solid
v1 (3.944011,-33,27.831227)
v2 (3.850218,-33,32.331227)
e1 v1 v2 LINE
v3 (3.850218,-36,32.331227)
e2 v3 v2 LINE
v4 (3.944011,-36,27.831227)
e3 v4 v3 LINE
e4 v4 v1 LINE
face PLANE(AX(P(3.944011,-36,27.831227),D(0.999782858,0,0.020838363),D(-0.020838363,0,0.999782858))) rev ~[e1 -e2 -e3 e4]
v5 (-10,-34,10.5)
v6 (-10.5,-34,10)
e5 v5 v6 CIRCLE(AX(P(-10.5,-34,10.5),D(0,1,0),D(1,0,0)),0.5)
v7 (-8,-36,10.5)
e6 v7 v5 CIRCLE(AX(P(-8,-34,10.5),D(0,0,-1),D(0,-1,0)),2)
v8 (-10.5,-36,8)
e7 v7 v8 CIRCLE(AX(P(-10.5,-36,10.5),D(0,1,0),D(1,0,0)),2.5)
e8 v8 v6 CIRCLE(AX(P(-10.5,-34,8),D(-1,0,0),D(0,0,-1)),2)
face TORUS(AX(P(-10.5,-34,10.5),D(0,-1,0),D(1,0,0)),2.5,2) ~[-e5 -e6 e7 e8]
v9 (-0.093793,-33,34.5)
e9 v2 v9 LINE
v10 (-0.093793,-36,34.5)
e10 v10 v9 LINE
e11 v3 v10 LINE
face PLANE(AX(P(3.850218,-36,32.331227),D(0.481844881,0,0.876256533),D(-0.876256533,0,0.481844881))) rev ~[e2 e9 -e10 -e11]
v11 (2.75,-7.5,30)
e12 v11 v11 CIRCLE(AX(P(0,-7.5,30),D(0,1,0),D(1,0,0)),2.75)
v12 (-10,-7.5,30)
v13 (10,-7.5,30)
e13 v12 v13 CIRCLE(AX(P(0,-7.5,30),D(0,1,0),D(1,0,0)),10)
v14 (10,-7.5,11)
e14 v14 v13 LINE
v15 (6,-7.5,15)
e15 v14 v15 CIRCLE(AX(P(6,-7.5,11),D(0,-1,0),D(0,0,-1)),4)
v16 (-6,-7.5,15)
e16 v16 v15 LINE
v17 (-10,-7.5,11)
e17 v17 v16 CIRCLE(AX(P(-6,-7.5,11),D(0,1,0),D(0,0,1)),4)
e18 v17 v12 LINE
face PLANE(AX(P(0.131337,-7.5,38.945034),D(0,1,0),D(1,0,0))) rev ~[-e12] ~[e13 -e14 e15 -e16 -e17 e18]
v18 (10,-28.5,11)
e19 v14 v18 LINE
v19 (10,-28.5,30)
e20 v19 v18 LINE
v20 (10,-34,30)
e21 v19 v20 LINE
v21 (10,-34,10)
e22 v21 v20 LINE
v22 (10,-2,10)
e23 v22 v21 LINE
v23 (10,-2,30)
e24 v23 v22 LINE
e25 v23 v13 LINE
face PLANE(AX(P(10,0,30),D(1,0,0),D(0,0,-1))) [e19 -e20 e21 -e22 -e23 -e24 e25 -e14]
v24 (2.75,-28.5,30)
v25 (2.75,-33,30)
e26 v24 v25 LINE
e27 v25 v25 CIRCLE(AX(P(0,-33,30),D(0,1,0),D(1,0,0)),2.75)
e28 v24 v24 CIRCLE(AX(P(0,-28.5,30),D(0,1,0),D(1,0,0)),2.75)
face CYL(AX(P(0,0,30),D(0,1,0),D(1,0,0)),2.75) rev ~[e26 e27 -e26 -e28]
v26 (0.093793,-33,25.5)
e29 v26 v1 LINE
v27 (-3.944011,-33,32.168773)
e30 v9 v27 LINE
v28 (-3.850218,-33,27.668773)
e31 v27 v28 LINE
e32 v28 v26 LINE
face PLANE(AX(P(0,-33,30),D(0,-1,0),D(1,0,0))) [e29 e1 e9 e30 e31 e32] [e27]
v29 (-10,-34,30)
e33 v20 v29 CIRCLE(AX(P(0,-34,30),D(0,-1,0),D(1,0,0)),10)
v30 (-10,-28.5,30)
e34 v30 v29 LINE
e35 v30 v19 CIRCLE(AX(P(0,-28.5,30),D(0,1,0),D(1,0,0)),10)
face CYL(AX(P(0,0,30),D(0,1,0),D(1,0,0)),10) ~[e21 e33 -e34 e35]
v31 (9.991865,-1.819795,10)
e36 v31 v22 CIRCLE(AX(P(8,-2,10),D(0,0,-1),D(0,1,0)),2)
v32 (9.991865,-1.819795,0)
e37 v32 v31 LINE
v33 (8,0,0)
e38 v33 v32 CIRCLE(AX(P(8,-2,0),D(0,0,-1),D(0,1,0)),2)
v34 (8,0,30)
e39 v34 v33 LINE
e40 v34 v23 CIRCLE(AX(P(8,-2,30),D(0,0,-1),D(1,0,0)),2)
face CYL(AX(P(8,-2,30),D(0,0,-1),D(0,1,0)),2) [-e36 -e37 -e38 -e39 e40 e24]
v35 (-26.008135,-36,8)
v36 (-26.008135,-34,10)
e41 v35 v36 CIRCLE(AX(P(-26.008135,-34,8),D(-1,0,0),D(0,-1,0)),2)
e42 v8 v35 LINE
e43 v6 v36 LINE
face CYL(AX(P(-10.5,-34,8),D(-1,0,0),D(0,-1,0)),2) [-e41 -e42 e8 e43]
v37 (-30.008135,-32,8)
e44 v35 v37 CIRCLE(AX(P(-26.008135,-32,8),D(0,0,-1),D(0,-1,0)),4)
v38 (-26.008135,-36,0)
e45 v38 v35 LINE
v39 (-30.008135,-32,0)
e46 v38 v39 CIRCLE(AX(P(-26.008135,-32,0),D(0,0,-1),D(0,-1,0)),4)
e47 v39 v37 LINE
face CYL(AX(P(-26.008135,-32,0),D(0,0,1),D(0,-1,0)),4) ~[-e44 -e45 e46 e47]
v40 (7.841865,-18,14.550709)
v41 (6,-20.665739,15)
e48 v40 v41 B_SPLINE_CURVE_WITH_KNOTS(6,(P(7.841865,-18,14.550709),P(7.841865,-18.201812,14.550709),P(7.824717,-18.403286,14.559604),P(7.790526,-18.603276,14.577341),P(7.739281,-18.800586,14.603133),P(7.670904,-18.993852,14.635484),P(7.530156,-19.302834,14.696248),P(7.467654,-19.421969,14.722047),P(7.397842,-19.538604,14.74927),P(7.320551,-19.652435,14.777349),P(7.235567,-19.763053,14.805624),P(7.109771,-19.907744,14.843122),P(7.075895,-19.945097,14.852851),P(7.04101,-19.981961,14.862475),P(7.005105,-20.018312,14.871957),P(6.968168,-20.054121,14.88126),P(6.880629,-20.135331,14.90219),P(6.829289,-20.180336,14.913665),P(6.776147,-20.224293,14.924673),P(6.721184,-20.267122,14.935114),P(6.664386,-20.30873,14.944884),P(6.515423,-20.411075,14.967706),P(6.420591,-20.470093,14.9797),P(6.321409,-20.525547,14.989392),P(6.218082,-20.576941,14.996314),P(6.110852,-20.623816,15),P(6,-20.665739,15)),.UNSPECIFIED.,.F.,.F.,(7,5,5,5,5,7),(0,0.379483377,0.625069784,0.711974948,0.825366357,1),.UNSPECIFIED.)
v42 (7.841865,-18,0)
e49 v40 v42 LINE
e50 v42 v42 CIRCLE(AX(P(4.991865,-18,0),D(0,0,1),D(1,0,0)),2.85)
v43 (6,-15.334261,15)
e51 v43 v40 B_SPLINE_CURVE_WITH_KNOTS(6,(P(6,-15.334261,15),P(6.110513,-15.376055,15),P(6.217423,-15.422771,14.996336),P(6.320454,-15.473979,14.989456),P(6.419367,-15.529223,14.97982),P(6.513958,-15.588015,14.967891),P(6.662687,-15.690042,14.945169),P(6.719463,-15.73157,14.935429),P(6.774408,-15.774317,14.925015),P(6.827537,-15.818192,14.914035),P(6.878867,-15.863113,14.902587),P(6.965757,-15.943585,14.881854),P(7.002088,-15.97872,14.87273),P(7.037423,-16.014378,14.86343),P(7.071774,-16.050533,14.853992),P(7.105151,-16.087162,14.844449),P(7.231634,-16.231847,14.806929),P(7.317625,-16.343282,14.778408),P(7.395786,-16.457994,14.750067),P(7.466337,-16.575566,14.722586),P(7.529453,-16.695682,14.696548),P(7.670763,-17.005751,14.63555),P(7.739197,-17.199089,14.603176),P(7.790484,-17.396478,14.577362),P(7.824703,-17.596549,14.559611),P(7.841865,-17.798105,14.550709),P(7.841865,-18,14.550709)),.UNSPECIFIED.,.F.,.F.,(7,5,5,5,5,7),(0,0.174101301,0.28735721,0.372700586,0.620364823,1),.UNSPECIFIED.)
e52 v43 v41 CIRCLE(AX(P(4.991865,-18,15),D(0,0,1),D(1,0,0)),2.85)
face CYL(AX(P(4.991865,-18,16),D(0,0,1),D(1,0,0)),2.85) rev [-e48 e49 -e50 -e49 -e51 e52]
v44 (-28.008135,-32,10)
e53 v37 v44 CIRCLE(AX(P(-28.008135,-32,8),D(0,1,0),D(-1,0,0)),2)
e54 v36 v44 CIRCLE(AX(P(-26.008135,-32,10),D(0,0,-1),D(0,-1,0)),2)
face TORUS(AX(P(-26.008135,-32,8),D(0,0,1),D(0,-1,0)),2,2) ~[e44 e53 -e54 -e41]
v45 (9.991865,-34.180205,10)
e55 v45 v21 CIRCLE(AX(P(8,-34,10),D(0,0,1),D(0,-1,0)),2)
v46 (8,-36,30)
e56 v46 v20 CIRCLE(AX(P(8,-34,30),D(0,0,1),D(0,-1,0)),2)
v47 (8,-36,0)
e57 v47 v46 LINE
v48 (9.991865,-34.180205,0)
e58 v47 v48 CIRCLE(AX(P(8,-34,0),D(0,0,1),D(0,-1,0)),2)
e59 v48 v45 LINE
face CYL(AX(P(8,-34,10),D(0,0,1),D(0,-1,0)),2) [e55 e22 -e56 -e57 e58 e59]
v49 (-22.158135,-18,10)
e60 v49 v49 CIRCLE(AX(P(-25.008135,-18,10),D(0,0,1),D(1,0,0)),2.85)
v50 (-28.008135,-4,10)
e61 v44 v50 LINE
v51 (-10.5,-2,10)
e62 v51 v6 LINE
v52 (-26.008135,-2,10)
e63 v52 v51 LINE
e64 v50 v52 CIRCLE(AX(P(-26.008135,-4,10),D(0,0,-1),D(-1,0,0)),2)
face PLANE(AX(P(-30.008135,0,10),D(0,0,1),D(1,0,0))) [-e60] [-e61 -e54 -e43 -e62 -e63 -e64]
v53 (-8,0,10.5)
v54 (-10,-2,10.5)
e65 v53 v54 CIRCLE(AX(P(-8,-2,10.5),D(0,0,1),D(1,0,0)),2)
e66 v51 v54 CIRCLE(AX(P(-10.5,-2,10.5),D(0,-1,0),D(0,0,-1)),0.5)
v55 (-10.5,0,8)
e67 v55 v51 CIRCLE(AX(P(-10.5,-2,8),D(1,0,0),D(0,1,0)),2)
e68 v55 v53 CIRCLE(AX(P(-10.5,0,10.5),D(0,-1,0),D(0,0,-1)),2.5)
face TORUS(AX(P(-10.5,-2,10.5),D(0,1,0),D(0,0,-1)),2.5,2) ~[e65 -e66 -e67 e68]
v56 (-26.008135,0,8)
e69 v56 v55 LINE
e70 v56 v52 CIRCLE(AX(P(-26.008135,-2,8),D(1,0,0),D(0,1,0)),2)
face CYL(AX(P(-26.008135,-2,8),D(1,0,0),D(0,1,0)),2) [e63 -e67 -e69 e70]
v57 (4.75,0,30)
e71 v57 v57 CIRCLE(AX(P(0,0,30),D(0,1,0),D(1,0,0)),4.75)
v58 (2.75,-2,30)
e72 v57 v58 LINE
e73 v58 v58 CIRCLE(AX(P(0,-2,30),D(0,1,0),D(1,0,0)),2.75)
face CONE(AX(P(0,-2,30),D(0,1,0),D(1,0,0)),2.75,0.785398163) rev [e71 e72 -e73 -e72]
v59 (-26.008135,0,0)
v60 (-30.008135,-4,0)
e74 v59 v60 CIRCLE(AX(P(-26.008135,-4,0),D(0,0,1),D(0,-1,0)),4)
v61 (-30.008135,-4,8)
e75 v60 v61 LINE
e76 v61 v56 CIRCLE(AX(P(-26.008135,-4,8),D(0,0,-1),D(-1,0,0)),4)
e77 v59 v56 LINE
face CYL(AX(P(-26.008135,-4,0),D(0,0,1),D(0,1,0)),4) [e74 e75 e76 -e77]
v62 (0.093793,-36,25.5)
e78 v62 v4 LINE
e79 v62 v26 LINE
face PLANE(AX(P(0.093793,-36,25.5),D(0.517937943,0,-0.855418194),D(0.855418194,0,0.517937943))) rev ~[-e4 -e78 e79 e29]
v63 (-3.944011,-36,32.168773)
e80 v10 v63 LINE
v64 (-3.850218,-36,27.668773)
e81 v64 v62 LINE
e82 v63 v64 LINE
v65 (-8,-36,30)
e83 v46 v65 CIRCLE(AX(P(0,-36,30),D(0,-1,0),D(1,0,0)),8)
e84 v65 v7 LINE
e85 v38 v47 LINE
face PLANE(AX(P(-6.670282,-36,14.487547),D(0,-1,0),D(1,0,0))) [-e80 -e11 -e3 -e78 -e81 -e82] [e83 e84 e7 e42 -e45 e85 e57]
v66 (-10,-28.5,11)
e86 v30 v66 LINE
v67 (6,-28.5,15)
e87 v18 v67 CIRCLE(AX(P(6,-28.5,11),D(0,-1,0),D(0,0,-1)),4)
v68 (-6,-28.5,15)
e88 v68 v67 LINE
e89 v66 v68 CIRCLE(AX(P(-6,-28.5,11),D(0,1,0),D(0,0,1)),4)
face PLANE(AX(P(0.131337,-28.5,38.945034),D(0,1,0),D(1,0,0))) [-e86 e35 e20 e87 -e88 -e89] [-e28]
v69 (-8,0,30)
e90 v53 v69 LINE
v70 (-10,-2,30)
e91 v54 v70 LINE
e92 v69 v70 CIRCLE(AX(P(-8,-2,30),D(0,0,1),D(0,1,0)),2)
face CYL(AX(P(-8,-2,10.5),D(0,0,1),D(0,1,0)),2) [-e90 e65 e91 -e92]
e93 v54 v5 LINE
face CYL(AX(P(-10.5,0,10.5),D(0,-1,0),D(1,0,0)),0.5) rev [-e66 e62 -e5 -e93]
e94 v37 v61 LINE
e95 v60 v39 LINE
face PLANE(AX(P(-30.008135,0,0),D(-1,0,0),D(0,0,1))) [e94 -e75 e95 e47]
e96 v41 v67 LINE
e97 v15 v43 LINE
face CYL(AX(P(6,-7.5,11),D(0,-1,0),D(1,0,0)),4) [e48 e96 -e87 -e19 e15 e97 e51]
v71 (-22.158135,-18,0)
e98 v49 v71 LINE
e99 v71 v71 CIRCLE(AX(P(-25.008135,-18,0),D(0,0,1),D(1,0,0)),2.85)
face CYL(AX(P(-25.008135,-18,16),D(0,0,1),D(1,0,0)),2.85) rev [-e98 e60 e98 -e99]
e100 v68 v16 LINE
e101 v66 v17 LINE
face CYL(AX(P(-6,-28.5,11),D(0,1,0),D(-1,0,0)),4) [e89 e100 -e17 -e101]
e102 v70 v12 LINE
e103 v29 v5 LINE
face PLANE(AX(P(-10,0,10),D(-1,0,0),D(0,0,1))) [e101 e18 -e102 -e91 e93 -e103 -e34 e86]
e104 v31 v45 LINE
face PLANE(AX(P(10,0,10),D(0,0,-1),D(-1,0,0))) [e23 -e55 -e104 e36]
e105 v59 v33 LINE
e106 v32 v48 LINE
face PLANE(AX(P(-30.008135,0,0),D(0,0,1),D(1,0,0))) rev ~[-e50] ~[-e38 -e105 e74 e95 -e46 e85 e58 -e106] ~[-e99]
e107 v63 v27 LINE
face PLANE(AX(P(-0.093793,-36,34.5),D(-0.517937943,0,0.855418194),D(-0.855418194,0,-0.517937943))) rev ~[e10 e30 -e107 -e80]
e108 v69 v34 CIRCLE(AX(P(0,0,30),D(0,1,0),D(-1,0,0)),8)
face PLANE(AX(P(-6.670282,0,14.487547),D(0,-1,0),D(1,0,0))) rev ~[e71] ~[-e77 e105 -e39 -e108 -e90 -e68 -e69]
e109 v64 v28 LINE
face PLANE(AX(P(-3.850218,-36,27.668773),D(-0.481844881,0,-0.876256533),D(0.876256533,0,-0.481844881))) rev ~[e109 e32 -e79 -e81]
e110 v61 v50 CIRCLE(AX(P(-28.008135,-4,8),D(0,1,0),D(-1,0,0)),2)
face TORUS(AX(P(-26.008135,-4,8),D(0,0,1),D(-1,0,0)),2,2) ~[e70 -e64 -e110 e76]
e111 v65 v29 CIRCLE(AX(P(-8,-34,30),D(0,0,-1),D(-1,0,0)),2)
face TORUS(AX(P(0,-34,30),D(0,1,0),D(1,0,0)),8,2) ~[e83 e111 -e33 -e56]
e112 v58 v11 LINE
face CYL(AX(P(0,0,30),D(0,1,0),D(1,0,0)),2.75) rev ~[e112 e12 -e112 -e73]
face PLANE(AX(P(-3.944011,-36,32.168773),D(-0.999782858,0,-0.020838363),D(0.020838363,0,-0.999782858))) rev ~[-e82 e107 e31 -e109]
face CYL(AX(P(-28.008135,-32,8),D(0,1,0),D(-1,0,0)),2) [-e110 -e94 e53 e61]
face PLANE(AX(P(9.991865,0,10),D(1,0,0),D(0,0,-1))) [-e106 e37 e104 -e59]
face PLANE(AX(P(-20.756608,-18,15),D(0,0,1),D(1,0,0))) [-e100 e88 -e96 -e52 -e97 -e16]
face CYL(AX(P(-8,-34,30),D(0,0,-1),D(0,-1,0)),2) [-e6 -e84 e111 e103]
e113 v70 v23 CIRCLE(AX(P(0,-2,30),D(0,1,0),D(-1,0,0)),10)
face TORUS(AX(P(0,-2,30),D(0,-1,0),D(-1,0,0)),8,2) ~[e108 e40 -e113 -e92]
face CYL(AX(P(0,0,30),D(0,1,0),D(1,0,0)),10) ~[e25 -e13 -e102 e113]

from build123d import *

# Parameters (mm, degrees)
PAD_DEPTH       = 36
SKETCH001_W     = 41.77589
SKETCH001_H     = 47.890068
POCKET_DEPTH    = 10.5
SKETCH002_R     = 2.75
POCKET001_DEPTH = 36.001
FILLET_R        = 4
FILLET001_R     = 0.5
SKETCH003_R     = 2.85
HOLE_DEPTH      = 16.001
FILLET002_R     = 4
CHAMFER_SIZE    = 2
POCKET002_DEPTH = 3
FILLET003_R     = 2


with BuildPart() as part:
    # Sketch → Pad (new body)
    with BuildSketch(Plane.XZ):
        with BuildLine():
            Line((-30.008135, 0), (9.991865, 0))
            Line((9.991865, 10), (9.991865, 0))
            Line((10, 10), (9.991865, 10))
            Line((10, 30), (10, 10))
            ThreePointArc((10, 30), (0, 40), (-10, 30))
            Line((-10, 10), (-10, 30))
            Line((-30.008135, 10), (-10, 10))
            Line((-30.008135, 0), (-30.008135, 10))
        make_face()
    extrude(amount=PAD_DEPTH)

    # Sketch001 (on DatumPlane) → Pocket (cut, symmetric)
    with BuildSketch(Plane(origin=(0, -18, 0), x_dir=(1, 0, 0), z_dir=(0, 1, 0))):
        with Locations((0.131337, -38.945034)):
            Rectangle(SKETCH001_W, SKETCH001_H)
    extrude(amount=POCKET_DEPTH, both=True, mode=Mode.SUBTRACT)

    # Sketch002 (on Face4 of Pocket) → Pocket001 (cut, through all)
    with BuildSketch(Plane(origin=(0, 0, 0), x_dir=(1, 0, 0), z_dir=(0, 1, 0))):
        with Locations((0, -30)):
            Circle(SKETCH002_R)
    extrude(amount=-POCKET001_DEPTH, mode=Mode.SUBTRACT)

    # Fillet
    fillet_edges = [part.edges().sort_by_distance(p)[0] for p in [
        (10, -18, 15),
        (-10, -18, 15),
    ]]
    fillet(fillet_edges, radius=FILLET_R)

    # Fillet001
    fillet001_edges = [part.edges().sort_by_distance(p)[0] for p in [
        (-10, -18, 10),
    ]]
    fillet(fillet001_edges, radius=FILLET001_R)

    # Sketch003 (on DatumPlane) → Hole (cut, through all)
    with BuildSketch(Plane(origin=(0, 0, 16), x_dir=(1, 0, 0), z_dir=(0, 0, -1))):
        with Locations((4.991865, 18)):
            Circle(SKETCH003_R)
        with Locations((-25.008135, 18)):
            Circle(SKETCH003_R)
    extrude(amount=HOLE_DEPTH, mode=Mode.SUBTRACT)

    # Fillet002
    fillet002_edges = [part.edges().sort_by_distance(p)[0] for p in [
        (-30.008135, 0, 5),
        (-30.008135, -36, 5),
    ]]
    fillet(fillet002_edges, radius=FILLET002_R)

    # Chamfer
    chamfer_edges = [part.edges().sort_by_distance(p)[0] for p in [
        (-2.75, 0, 30),
    ]]
    chamfer(chamfer_edges, length=CHAMFER_SIZE)

    # Sketch004 (on Face14 of Chamfer) → Pocket002 (cut)
    with BuildSketch(Plane.XZ.offset(36)):
        Polygon((-0.093793, 34.5), (-3.944011, 32.168773), (-3.850218, 27.668773), (0.093793, 25.5), (3.944011, 27.831227), (3.850218, 32.331227), align=None)
    extrude(amount=-POCKET002_DEPTH, mode=Mode.SUBTRACT)

    # Fillet003
    fillet003_edges = [part.edges().sort_by_distance(p)[0] for p in [
        (10, 0, 20),
        (10, -36, 20),
    ]]
    fillet(fillet003_edges, radius=FILLET003_R)


solid = part.part
